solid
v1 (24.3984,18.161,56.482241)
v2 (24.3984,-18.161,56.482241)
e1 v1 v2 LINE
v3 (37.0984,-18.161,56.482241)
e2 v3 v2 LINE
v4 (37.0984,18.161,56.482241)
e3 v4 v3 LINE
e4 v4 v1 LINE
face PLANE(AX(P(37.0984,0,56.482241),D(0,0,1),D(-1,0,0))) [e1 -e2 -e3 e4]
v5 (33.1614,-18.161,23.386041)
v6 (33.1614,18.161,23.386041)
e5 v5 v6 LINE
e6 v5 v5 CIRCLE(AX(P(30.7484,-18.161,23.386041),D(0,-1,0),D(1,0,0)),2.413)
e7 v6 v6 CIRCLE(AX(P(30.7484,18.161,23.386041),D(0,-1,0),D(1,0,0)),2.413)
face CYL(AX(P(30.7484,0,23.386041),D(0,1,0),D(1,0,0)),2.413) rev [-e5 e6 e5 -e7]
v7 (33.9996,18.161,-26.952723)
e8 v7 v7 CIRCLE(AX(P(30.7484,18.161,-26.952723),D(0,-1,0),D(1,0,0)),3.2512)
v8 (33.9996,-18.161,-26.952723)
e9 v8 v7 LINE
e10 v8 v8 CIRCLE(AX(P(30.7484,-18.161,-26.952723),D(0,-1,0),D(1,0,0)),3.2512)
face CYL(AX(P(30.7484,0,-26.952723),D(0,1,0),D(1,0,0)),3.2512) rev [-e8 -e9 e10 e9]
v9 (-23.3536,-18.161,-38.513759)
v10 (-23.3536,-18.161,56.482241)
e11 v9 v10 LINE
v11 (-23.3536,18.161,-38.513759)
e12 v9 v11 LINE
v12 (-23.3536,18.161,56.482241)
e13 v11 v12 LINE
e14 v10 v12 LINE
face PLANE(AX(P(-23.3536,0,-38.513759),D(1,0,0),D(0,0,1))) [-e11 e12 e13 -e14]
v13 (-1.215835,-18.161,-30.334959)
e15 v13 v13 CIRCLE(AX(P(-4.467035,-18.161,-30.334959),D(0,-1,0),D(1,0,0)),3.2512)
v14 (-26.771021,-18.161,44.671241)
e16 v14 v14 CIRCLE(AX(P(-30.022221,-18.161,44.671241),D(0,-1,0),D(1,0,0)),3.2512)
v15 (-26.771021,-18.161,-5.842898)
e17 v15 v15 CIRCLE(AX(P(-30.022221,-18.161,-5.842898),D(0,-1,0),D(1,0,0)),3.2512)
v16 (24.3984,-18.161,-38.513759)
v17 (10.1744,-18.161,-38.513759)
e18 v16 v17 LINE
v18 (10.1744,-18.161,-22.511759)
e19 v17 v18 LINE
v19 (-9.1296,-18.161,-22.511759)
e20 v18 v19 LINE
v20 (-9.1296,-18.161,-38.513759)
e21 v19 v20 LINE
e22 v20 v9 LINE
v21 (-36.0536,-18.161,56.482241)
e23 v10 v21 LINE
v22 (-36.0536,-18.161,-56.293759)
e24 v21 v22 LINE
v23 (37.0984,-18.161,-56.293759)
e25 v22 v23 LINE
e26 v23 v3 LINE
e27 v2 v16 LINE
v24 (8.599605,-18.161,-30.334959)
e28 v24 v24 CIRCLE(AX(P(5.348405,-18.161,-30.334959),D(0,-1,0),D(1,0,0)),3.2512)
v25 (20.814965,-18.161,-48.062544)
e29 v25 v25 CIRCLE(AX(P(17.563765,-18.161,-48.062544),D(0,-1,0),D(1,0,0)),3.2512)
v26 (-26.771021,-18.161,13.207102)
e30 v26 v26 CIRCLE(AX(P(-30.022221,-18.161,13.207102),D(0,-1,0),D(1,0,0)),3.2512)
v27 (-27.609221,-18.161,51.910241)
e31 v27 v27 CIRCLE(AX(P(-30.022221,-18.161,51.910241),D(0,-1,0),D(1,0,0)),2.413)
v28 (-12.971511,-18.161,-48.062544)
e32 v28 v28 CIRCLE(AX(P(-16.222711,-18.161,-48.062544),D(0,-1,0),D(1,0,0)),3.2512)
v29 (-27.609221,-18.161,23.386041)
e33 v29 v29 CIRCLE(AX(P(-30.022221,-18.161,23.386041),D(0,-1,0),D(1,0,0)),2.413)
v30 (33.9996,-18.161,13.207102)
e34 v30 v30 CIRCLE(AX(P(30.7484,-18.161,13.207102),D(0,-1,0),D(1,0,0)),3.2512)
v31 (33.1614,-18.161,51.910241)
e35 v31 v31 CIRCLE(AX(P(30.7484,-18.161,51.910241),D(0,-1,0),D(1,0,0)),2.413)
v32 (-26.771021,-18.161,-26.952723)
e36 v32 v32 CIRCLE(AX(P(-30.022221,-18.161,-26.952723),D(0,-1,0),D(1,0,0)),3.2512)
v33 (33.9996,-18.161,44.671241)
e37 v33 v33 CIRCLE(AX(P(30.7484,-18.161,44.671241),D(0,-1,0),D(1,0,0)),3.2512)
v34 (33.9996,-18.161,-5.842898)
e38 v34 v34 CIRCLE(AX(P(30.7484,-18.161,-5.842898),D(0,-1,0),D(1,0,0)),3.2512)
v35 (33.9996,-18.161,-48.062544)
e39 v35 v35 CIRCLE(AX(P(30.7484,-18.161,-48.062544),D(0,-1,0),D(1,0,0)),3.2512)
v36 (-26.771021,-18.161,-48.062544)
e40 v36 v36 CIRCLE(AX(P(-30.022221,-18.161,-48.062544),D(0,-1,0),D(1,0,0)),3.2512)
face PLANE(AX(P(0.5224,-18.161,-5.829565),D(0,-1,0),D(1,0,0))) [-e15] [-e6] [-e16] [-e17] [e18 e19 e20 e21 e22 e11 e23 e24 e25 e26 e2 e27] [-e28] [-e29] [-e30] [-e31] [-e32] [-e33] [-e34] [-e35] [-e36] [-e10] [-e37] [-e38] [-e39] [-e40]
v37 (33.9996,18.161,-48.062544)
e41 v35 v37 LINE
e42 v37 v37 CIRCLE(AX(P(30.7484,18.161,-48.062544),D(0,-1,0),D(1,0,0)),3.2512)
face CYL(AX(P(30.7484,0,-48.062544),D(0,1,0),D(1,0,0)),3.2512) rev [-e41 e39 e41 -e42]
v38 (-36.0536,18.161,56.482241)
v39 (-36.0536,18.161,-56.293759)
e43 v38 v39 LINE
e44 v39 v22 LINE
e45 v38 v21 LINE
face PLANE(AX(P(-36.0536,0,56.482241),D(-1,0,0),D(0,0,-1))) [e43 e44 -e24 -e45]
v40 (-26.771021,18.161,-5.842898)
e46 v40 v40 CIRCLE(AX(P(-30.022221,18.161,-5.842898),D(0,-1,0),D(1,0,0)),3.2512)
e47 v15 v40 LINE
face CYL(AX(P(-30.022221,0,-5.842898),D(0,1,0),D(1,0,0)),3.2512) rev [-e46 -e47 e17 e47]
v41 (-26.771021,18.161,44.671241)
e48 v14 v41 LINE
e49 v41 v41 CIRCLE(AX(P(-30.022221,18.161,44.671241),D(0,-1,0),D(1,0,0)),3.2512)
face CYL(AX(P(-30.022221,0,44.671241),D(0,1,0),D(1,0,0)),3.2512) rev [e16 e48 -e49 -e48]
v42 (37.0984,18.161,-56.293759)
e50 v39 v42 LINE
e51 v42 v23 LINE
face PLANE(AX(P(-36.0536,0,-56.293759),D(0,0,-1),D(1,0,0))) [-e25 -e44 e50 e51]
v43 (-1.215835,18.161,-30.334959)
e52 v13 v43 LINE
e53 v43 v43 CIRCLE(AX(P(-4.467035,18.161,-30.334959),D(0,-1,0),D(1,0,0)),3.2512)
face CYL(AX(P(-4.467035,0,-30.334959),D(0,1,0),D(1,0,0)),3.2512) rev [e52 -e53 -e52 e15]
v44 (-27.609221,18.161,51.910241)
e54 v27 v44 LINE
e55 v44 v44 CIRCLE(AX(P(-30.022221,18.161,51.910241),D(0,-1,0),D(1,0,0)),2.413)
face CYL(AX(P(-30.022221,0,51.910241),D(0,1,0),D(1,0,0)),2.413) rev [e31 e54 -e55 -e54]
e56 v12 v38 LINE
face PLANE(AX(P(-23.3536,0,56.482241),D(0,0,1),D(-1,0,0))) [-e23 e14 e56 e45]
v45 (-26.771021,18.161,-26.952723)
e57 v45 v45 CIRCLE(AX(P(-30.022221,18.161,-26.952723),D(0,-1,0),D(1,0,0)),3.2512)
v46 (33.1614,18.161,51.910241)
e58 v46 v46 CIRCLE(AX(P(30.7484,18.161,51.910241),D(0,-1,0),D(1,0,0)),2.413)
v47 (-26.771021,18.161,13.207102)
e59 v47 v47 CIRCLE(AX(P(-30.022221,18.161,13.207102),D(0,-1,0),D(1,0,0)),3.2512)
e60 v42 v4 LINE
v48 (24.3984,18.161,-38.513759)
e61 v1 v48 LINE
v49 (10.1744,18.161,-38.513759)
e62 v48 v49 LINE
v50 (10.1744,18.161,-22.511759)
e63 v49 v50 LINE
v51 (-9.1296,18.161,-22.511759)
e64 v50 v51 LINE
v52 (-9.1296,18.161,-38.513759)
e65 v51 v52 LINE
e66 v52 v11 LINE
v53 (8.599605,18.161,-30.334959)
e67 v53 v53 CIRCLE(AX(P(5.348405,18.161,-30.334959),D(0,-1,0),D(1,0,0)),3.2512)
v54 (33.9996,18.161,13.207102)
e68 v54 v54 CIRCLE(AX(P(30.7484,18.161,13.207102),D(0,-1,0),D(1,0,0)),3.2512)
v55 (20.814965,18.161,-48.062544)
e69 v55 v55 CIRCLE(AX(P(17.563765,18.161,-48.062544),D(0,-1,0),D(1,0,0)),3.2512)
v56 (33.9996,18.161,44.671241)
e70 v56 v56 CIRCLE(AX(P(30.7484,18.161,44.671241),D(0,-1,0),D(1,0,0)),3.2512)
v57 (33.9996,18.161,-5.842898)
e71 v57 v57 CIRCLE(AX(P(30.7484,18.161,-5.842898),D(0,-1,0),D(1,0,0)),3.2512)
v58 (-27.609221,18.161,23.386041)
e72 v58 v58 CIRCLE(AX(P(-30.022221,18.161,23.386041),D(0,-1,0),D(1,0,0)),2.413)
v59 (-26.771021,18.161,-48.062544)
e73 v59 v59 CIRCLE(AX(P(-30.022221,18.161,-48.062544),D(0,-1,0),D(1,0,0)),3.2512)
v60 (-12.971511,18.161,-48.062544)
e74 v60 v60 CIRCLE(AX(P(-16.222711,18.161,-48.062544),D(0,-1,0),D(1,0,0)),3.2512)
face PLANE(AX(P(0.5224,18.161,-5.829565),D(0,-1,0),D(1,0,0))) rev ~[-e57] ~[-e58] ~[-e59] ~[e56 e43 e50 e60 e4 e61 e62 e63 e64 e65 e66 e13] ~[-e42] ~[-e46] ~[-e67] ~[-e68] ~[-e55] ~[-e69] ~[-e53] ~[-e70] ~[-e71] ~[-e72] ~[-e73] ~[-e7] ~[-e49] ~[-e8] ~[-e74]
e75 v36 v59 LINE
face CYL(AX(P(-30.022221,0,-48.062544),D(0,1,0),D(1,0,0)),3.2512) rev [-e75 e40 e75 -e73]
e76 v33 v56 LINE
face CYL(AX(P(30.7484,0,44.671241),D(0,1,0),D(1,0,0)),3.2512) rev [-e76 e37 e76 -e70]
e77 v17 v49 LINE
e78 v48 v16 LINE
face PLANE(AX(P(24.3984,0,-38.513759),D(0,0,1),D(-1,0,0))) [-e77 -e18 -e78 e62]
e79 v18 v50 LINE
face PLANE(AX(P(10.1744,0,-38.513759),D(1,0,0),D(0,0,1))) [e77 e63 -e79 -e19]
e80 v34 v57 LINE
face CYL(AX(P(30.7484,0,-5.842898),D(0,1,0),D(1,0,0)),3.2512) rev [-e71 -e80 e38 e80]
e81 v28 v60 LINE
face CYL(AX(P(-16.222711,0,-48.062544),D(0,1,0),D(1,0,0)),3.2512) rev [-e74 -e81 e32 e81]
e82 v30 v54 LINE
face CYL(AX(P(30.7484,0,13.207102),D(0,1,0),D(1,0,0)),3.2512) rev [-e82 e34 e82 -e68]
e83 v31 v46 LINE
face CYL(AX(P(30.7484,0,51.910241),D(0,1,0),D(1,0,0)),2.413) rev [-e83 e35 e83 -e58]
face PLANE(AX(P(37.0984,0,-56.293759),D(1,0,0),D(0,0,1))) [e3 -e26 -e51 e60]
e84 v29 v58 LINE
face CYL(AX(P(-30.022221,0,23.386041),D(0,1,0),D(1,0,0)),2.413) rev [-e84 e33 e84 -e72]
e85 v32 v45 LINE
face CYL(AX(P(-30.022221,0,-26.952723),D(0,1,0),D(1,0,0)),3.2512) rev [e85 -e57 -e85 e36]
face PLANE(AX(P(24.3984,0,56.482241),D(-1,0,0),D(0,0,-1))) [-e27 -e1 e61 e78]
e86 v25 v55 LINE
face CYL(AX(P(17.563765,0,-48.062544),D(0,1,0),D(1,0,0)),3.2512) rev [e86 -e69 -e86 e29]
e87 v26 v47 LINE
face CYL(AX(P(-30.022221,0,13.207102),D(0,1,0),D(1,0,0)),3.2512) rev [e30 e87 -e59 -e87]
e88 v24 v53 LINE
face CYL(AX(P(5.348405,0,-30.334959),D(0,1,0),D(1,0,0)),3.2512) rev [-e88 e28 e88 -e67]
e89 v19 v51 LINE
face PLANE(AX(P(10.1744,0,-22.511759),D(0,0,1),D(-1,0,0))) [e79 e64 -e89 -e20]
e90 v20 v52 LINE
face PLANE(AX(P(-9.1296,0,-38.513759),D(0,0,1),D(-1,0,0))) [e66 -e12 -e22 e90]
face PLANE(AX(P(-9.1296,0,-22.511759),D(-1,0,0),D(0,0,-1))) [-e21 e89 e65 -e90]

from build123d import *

# Parameters (mm, degrees)
F0_R     = 3.2512
F0_R_2   = 2.413
F1_DEPTH = 18.161


with BuildPart() as f1:
    # F0 (on Front) → F1 (new body, symmetric)
    with BuildSketch(Plane.XZ):
        Polygon((-23.3536, 56.482241), (-36.0536, 56.482241), (-36.0536, -56.293759), (37.0984, -56.293759), (37.0984, 56.482241), (24.3984, 56.482241), (24.3984, -38.513759), (10.1744, -38.513759), (10.1744, -22.511759), (-9.1296, -22.511759), (-9.1296, -38.513759), (-23.3536, -38.513759), align=None)
        with Locations((-30.022221, -48.062544)):
            Circle(F0_R, mode=Mode.SUBTRACT)
        with Locations((-16.222711, -48.062544)):
            Circle(F0_R, mode=Mode.SUBTRACT)
        with Locations((-4.467035, -30.334959)):
            Circle(F0_R, mode=Mode.SUBTRACT)
        with Locations((-30.022221, -26.952723)):
            Circle(F0_R, mode=Mode.SUBTRACT)
        with Locations((-30.022221, -5.842898)):
            Circle(F0_R, mode=Mode.SUBTRACT)
        with Locations((17.563765, -48.062544)):
            Circle(F0_R, mode=Mode.SUBTRACT)
        with Locations((5.348405, -30.334959)):
            Circle(F0_R, mode=Mode.SUBTRACT)
        with Locations((30.7484, -48.062544)):
            Circle(F0_R, mode=Mode.SUBTRACT)
        with Locations((30.7484, -26.952723)):
            Circle(F0_R, mode=Mode.SUBTRACT)
        with Locations((30.7484, -5.842898)):
            Circle(F0_R, mode=Mode.SUBTRACT)
        with Locations((-30.022221, 13.207102)):
            Circle(F0_R, mode=Mode.SUBTRACT)
        with Locations((-30.022221, 23.386041)):
            Circle(F0_R_2, mode=Mode.SUBTRACT)
        with Locations((-30.022221, 44.671241)):
            Circle(F0_R, mode=Mode.SUBTRACT)
        with Locations((-30.022221, 51.910241)):
            Circle(F0_R_2, mode=Mode.SUBTRACT)
        with Locations((30.7484, 13.207102)):
            Circle(F0_R, mode=Mode.SUBTRACT)
        with Locations((30.7484, 23.386041)):
            Circle(F0_R_2, mode=Mode.SUBTRACT)
        with Locations((30.7484, 44.671241)):
            Circle(F0_R, mode=Mode.SUBTRACT)
        with Locations((30.7484, 51.910241)):
            Circle(F0_R_2, mode=Mode.SUBTRACT)
    extrude(amount=F1_DEPTH, both=True)


solid = f1.part
